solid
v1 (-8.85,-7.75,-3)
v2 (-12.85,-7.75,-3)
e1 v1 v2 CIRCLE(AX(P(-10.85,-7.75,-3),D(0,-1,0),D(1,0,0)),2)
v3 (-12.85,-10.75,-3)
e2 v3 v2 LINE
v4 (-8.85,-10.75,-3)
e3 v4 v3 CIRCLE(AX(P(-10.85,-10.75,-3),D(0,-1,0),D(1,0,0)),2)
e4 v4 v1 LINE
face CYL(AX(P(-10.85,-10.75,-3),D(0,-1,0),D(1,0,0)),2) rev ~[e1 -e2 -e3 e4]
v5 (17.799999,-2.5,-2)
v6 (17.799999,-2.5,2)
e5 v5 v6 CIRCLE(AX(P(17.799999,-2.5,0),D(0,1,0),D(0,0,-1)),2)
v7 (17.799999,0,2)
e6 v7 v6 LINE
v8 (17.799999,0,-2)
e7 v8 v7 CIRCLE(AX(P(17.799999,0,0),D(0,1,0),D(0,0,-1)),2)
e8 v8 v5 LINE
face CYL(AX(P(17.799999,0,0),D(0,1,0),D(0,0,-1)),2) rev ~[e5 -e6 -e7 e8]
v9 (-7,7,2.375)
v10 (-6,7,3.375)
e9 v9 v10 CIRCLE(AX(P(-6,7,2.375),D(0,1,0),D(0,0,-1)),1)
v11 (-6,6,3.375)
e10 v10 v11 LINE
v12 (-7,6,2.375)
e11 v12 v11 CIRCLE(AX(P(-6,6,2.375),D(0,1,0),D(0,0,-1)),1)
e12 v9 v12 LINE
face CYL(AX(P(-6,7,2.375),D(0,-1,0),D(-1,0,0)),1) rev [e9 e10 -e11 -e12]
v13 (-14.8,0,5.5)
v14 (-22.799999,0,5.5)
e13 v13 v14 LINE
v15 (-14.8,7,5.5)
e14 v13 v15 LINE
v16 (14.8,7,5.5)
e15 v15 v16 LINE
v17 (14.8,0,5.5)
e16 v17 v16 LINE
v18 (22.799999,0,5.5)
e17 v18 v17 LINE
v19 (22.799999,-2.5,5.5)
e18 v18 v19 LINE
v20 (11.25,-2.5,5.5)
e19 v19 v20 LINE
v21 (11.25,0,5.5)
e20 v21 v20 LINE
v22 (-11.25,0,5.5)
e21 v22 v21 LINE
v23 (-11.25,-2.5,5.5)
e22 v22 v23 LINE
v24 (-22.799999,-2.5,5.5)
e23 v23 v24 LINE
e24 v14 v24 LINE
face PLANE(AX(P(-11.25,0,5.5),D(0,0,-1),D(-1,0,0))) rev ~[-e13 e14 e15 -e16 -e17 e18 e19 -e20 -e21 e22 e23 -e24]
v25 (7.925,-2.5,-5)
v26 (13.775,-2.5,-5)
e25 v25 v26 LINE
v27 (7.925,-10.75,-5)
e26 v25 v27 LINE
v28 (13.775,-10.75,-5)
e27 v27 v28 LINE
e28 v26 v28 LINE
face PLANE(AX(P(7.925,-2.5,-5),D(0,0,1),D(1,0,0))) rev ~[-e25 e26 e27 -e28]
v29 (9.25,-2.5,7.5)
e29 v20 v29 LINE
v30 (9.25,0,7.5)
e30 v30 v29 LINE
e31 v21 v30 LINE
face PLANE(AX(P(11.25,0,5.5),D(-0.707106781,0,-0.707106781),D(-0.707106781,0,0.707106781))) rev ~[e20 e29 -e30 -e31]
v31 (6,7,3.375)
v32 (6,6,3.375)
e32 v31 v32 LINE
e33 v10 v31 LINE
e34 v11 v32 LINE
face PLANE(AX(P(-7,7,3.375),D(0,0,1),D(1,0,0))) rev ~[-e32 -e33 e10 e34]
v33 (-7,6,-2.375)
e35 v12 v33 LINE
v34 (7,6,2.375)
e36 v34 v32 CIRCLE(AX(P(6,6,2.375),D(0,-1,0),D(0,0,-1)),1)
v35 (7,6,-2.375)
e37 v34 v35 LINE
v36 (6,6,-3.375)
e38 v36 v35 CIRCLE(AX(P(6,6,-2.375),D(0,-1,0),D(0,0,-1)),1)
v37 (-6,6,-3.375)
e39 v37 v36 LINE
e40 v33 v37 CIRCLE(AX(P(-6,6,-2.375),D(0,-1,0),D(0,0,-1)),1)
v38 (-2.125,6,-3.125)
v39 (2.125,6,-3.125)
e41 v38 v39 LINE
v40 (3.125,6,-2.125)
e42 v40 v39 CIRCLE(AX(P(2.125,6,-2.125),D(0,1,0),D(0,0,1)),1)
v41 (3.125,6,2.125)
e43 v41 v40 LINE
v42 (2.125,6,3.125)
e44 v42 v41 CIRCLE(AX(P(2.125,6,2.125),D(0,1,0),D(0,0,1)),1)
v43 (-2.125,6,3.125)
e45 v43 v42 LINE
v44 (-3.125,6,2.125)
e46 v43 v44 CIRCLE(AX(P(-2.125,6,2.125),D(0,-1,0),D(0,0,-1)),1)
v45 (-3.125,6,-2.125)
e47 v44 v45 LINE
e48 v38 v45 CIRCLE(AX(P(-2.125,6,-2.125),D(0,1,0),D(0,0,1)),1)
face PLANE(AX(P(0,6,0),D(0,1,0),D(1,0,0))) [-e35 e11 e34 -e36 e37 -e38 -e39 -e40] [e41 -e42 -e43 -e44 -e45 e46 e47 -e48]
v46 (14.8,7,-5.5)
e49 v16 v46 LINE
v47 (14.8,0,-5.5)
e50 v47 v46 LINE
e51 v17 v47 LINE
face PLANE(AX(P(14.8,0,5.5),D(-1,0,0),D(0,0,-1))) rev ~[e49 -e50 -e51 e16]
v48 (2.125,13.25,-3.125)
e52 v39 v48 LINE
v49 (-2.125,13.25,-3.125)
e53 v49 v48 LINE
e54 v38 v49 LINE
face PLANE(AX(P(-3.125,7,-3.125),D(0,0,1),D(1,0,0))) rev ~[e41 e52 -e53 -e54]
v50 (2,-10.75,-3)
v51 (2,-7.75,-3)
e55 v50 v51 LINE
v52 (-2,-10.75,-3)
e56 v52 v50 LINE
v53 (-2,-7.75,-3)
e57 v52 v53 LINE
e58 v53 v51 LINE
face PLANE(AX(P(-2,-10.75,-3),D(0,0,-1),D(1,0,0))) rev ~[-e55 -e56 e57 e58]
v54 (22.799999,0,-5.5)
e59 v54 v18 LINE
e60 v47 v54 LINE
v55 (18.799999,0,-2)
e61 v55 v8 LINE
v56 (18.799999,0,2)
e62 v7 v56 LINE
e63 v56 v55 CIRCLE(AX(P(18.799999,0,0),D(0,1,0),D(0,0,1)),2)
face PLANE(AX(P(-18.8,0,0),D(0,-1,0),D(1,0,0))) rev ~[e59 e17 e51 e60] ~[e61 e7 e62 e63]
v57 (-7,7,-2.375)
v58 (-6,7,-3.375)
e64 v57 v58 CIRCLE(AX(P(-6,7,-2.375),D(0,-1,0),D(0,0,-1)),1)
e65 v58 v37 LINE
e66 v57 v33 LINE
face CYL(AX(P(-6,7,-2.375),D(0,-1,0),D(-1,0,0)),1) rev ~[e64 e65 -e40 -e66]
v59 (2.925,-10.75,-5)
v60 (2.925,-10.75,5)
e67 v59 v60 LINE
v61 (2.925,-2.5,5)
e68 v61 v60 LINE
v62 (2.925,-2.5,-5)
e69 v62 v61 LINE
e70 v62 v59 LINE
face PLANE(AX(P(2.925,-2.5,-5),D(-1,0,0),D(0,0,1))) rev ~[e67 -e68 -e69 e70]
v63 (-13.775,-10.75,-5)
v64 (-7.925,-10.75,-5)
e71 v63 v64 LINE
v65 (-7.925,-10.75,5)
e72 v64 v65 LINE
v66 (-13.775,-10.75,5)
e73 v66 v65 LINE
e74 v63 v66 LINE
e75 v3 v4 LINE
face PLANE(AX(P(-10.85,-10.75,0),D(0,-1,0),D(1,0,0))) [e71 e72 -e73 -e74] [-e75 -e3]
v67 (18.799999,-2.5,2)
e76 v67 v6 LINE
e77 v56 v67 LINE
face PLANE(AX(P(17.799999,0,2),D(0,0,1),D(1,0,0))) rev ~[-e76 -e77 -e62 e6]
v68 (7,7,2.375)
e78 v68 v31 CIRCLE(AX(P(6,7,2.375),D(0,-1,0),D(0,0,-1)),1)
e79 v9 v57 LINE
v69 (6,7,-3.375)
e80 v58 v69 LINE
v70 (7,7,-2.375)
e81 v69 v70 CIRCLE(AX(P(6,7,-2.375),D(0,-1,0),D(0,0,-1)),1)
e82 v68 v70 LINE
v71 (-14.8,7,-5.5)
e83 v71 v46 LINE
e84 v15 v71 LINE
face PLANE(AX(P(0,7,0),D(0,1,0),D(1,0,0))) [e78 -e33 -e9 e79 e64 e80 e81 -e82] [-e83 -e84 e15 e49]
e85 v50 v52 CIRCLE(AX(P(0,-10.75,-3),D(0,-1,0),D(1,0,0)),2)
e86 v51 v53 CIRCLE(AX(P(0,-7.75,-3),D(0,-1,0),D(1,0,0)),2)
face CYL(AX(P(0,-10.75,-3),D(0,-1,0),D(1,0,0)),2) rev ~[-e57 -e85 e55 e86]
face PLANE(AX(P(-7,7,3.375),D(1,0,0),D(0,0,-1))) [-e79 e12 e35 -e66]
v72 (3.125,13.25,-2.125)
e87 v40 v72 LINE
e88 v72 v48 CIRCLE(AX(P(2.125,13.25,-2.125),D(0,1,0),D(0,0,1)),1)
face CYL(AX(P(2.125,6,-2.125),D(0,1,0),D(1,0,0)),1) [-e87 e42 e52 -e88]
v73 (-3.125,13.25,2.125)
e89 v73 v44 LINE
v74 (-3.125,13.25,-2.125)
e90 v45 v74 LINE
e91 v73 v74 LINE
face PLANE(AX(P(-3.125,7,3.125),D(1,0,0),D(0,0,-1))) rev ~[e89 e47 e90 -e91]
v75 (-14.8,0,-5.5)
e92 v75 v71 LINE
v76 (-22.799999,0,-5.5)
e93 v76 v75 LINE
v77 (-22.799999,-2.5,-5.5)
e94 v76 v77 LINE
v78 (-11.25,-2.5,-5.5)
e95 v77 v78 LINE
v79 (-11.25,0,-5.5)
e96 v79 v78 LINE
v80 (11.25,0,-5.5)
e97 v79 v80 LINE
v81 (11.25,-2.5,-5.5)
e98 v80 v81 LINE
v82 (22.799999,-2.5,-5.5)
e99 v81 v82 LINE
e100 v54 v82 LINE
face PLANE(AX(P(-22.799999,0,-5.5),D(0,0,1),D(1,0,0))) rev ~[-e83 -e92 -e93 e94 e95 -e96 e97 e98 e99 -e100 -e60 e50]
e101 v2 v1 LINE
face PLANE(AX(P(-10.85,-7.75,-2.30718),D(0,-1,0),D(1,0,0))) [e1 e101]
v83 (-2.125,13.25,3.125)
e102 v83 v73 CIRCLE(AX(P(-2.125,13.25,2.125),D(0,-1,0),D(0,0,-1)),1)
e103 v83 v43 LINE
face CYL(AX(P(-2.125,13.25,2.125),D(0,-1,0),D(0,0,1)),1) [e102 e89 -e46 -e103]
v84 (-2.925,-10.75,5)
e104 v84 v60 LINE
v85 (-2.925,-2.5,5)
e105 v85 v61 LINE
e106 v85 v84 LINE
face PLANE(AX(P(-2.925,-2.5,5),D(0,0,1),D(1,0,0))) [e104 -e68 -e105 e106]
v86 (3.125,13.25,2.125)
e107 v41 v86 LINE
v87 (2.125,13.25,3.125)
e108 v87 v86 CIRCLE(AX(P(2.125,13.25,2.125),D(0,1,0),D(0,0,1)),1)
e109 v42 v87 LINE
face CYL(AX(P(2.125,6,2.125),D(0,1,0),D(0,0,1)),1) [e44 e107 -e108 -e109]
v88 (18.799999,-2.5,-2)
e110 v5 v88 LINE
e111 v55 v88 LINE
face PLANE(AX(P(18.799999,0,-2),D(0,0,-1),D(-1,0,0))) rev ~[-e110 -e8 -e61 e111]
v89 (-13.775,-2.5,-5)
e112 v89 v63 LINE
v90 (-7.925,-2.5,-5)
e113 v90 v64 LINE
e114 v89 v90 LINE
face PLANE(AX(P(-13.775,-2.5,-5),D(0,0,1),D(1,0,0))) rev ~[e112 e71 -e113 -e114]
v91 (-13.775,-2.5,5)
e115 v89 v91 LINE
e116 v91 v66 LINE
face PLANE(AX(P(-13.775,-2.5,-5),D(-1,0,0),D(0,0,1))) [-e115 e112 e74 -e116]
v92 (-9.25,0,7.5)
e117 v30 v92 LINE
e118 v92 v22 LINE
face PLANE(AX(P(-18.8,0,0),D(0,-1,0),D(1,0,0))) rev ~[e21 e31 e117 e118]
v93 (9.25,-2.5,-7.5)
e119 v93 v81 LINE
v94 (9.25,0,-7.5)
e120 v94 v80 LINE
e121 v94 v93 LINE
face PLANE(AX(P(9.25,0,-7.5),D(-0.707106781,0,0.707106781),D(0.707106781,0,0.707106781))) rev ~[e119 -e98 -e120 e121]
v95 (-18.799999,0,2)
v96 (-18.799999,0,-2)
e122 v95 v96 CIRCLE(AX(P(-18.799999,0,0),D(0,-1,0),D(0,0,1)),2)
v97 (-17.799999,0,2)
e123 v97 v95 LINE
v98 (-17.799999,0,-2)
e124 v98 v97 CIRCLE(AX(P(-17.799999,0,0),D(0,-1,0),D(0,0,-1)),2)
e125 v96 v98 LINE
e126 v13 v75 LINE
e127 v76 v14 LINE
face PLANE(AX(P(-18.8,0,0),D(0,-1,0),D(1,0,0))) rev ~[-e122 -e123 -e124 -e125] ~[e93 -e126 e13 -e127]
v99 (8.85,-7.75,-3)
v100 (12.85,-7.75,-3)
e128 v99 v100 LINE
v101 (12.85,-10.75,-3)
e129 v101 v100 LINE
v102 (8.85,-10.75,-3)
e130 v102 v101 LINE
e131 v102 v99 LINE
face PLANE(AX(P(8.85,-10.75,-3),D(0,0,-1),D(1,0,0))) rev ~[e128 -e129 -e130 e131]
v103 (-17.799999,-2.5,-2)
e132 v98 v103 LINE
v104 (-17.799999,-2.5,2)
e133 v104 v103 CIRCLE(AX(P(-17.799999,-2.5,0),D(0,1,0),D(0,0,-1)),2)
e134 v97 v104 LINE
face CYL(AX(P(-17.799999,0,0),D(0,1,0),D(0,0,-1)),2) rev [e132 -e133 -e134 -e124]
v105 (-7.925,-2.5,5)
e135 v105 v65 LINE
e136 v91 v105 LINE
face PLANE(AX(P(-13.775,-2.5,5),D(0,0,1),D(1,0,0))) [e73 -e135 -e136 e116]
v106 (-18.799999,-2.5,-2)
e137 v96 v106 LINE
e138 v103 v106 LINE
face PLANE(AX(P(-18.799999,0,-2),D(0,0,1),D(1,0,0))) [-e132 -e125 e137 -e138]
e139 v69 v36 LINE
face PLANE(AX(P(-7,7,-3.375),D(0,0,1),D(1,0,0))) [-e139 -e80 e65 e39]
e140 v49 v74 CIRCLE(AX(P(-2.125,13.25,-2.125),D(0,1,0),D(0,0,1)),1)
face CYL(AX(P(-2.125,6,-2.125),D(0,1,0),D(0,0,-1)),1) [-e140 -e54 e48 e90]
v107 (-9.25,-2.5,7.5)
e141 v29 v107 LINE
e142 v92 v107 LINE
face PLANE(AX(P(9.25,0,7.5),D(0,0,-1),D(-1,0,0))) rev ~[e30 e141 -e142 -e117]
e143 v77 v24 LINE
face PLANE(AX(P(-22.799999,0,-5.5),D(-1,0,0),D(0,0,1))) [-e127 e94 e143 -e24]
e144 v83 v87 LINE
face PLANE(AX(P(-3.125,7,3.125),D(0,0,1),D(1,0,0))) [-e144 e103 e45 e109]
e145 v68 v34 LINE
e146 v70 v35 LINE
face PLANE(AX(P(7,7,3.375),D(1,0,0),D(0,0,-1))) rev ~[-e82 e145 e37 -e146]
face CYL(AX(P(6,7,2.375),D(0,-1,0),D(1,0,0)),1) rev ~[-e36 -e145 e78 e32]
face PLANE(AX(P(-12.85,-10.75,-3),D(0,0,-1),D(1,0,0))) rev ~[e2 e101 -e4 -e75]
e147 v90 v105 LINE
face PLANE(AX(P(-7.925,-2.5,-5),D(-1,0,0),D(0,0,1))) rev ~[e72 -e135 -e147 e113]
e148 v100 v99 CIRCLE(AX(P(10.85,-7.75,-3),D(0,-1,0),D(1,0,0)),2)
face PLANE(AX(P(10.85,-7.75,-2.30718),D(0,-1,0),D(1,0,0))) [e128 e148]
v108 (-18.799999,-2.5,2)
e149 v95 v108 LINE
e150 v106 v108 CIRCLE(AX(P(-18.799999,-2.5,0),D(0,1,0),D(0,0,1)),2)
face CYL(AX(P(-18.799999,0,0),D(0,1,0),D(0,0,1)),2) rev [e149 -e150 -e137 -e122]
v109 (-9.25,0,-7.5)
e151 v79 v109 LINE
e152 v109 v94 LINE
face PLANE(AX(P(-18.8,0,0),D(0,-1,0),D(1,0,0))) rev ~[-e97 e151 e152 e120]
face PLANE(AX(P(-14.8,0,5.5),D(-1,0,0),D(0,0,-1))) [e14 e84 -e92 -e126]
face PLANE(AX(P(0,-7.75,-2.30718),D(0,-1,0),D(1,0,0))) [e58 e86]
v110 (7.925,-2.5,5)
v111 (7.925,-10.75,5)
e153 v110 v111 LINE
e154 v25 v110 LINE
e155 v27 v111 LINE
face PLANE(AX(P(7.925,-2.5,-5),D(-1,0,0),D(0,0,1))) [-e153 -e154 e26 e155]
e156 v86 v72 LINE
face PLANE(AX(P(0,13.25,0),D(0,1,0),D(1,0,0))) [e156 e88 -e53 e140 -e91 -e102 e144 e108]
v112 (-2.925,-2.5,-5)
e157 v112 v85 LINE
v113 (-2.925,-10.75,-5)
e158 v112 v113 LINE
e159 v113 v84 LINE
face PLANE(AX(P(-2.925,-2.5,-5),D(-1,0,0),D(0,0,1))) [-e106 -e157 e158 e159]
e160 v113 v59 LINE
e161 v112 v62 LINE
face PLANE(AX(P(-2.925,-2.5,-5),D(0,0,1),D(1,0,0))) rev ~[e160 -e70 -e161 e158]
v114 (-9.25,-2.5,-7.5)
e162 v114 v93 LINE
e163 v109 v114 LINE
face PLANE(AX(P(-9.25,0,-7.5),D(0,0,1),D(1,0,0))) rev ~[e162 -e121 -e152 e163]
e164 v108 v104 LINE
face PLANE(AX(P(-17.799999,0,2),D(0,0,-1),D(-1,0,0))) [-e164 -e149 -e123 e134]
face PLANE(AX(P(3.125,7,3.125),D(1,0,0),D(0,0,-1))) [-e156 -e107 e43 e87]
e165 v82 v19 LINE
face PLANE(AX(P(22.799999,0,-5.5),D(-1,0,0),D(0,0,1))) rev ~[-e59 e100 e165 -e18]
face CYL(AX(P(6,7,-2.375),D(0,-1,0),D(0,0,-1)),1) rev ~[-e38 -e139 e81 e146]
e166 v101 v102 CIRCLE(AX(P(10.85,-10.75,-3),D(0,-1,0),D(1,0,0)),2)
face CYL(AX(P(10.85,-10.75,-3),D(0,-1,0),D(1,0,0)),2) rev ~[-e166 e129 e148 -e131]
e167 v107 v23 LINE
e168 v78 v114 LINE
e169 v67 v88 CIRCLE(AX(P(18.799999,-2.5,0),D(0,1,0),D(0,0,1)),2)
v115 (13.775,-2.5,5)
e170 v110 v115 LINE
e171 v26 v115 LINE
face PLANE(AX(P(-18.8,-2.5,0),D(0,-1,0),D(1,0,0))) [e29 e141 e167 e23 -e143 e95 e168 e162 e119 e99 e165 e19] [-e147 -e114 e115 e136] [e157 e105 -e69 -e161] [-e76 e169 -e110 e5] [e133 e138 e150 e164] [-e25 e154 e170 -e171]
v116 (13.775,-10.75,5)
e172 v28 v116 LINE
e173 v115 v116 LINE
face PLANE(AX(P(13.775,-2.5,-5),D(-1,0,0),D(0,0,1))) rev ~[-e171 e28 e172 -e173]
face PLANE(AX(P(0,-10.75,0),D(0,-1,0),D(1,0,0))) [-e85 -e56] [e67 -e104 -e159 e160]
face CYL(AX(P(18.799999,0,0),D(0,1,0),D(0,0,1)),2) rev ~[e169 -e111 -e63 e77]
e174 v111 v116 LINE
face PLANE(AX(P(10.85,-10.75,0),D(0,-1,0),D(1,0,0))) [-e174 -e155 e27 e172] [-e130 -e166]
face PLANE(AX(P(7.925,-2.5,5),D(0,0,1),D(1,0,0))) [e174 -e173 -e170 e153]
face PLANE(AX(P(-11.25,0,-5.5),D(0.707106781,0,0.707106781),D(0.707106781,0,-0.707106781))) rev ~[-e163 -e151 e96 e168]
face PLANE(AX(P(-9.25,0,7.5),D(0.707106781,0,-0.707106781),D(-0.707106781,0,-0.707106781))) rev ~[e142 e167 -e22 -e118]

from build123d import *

# Parameters (mm, degrees)
SKETCH1_W               = 29.6
SKETCH1_H               = 11
BOSS_EXTRUDE1_DEPTH     = 7
SKETCH2_W               = 6.25
SKETCH2_H               = 6.25
BOSS_EXTRUDE2_DEPTH     = 6.25
SKETCH3_W               = 7.999999319
SKETCH3_H               = 11
BOSS_EXTRUDE3_DEPTH     = 2.5
CUT_EXTRUDE1_DEPTH      = 14.25
CUT_EXTRUDE1_DEPTH_BACK = 3.5
SKETCH5_W               = 5.85
SKETCH5_H               = 10
BOSS_EXTRUDE4_DEPTH     = 8.25
CUT_EXTRUDE2_DEPTH      = 3
SKETCH7_W               = 14
SKETCH7_H               = 6.75
SKETCH7_W_2             = 6.25
SKETCH7_H_2             = 6.25
CUT_EXTRUDE3_DEPTH      = 1
FILLET1_R               = 1
FILLET2_R               = 1


with BuildPart() as part:
    # Sketch1 → Boss-Extrude1 (new body)
    with BuildSketch(Plane(origin=(0, 0, 0), x_dir=(1, 0, 0), z_dir=(0, 1, 0))):
        Rectangle(SKETCH1_W, SKETCH1_H)
    extrude(amount=BOSS_EXTRUDE1_DEPTH)

    # Sketch2 → Boss-Extrude2 (add)
    with BuildSketch(Plane(origin=(0, 7, 0), x_dir=(1, 0, 0), z_dir=(0, 1, 0))):
        Rectangle(SKETCH2_W, SKETCH2_H)
    extrude(amount=BOSS_EXTRUDE2_DEPTH)

    # Sketch3 → Boss-Extrude3 (add)
    with BuildSketch(Plane.XZ):
        with Locations((-18.79999966, 0)):
            Rectangle(SKETCH3_W, SKETCH3_H)
        Polygon((-14.8, 5.5), (-14.8, -5.5), (-11.25, -5.5), (11.25, -5.5), (14.8, -5.5), (14.8, 5.5), (11.25, 5.5), (0, 5.5), (-11.25, 5.5), align=None)
        Polygon((-9.25, 7.5), (-11.25, 5.5), (0, 5.5), (0, 7.5), align=None)
        Polygon((0, 7.5), (0, 5.5), (11.25, 5.5), (9.25, 7.5), align=None)
        with Locations((18.79999966, 0)):
            Rectangle(SKETCH3_W, SKETCH3_H)
        Polygon((11.25, -5.5), (-11.25, -5.5), (-9.25, -7.5), (0, -7.5), (9.25, -7.5), align=None)
    extrude(amount=BOSS_EXTRUDE3_DEPTH)

    # Sketch4 → Cut-Extrude1 (cut, two sides)
    with BuildSketch(Plane(origin=(0, 0, 0), x_dir=(1, 0, 0), z_dir=(0, 1, 0))) as cut_extrude1_sk:
        with BuildLine():
            Line((-18.799999319, 2), (-17.799999319, 2))
            ThreePointArc((-17.799999319, 2), (-15.799999319, 0), (-17.799999319, -2))
            Line((-17.799999319, -2), (-18.799999319, -2))
            ThreePointArc((-18.799999319, -2), (-20.799999319, 0), (-18.799999319, 2))
        make_face()
        with BuildLine():
            Line((18.799999319, 2), (17.799999319, 2))
            ThreePointArc((17.799999319, 2), (15.799999319, 0), (17.799999319, -2))
            Line((17.799999319, -2), (18.799999319, -2))
            ThreePointArc((18.799999319, -2), (20.799999319, 0), (18.799999319, 2))
        make_face()
    extrude(amount=CUT_EXTRUDE1_DEPTH, mode=Mode.SUBTRACT)
    extrude(cut_extrude1_sk.sketch, amount=-CUT_EXTRUDE1_DEPTH_BACK, mode=Mode.SUBTRACT)

    # Sketch5 → Boss-Extrude4 (add)
    with BuildSketch(Plane.XZ.offset(2.5)):
        Rectangle(SKETCH5_W, SKETCH5_H)
        with Locations((10.85, 0)):
            Rectangle(SKETCH5_W, SKETCH5_H)
        with Locations((-10.85, 0)):
            Rectangle(SKETCH5_W, SKETCH5_H)
    extrude(amount=BOSS_EXTRUDE4_DEPTH)

    # Sketch6 → Cut-Extrude2 (cut)
    with BuildSketch(Plane.XZ.offset(10.75)):
        with BuildLine():
            Line((-2, -3), (2, -3))
            ThreePointArc((2, -3), (0, -1), (-2, -3))
        make_face()
        with BuildLine():
            Line((8.85, -3), (12.85, -3))
            ThreePointArc((12.85, -3), (10.85, -1), (8.85, -3))
        make_face()
        with BuildLine():
            Line((-12.85, -3), (-8.85, -3))
            ThreePointArc((-8.85, -3), (-10.85, -1), (-12.85, -3))
        make_face()
    extrude(amount=-CUT_EXTRUDE2_DEPTH, mode=Mode.SUBTRACT)

    # Sketch7 → Cut-Extrude3 (cut)
    with BuildSketch(Plane(origin=(0, 7, 0), x_dir=(1, 0, 0), z_dir=(0, 1, 0))):
        Rectangle(SKETCH7_W, SKETCH7_H)
        Rectangle(SKETCH7_W_2, SKETCH7_H_2, mode=Mode.SUBTRACT)
    extrude(amount=-CUT_EXTRUDE3_DEPTH, mode=Mode.SUBTRACT)

    # Fillet1
    fillet1_edges = [part.edges().sort_by_distance(p)[0] for p in [
        (7, 6.5, 3.375),
        (-7, 6.5, 3.375),
        (-7, 6.5, -3.375),
        (7, 6.5, -3.375),
    ]]
    fillet(fillet1_edges, radius=FILLET1_R)

    # Fillet2
    fillet2_edges = [part.edges().sort_by_distance(p)[0] for p in [
        (3.125, 9.625, 3.125),
        (3.125, 9.625, -3.125),
        (-3.125, 9.625, -3.125),
        (-3.125, 9.625, 3.125),
    ]]
    fillet(fillet2_edges, radius=FILLET2_R)


solid = part.part
